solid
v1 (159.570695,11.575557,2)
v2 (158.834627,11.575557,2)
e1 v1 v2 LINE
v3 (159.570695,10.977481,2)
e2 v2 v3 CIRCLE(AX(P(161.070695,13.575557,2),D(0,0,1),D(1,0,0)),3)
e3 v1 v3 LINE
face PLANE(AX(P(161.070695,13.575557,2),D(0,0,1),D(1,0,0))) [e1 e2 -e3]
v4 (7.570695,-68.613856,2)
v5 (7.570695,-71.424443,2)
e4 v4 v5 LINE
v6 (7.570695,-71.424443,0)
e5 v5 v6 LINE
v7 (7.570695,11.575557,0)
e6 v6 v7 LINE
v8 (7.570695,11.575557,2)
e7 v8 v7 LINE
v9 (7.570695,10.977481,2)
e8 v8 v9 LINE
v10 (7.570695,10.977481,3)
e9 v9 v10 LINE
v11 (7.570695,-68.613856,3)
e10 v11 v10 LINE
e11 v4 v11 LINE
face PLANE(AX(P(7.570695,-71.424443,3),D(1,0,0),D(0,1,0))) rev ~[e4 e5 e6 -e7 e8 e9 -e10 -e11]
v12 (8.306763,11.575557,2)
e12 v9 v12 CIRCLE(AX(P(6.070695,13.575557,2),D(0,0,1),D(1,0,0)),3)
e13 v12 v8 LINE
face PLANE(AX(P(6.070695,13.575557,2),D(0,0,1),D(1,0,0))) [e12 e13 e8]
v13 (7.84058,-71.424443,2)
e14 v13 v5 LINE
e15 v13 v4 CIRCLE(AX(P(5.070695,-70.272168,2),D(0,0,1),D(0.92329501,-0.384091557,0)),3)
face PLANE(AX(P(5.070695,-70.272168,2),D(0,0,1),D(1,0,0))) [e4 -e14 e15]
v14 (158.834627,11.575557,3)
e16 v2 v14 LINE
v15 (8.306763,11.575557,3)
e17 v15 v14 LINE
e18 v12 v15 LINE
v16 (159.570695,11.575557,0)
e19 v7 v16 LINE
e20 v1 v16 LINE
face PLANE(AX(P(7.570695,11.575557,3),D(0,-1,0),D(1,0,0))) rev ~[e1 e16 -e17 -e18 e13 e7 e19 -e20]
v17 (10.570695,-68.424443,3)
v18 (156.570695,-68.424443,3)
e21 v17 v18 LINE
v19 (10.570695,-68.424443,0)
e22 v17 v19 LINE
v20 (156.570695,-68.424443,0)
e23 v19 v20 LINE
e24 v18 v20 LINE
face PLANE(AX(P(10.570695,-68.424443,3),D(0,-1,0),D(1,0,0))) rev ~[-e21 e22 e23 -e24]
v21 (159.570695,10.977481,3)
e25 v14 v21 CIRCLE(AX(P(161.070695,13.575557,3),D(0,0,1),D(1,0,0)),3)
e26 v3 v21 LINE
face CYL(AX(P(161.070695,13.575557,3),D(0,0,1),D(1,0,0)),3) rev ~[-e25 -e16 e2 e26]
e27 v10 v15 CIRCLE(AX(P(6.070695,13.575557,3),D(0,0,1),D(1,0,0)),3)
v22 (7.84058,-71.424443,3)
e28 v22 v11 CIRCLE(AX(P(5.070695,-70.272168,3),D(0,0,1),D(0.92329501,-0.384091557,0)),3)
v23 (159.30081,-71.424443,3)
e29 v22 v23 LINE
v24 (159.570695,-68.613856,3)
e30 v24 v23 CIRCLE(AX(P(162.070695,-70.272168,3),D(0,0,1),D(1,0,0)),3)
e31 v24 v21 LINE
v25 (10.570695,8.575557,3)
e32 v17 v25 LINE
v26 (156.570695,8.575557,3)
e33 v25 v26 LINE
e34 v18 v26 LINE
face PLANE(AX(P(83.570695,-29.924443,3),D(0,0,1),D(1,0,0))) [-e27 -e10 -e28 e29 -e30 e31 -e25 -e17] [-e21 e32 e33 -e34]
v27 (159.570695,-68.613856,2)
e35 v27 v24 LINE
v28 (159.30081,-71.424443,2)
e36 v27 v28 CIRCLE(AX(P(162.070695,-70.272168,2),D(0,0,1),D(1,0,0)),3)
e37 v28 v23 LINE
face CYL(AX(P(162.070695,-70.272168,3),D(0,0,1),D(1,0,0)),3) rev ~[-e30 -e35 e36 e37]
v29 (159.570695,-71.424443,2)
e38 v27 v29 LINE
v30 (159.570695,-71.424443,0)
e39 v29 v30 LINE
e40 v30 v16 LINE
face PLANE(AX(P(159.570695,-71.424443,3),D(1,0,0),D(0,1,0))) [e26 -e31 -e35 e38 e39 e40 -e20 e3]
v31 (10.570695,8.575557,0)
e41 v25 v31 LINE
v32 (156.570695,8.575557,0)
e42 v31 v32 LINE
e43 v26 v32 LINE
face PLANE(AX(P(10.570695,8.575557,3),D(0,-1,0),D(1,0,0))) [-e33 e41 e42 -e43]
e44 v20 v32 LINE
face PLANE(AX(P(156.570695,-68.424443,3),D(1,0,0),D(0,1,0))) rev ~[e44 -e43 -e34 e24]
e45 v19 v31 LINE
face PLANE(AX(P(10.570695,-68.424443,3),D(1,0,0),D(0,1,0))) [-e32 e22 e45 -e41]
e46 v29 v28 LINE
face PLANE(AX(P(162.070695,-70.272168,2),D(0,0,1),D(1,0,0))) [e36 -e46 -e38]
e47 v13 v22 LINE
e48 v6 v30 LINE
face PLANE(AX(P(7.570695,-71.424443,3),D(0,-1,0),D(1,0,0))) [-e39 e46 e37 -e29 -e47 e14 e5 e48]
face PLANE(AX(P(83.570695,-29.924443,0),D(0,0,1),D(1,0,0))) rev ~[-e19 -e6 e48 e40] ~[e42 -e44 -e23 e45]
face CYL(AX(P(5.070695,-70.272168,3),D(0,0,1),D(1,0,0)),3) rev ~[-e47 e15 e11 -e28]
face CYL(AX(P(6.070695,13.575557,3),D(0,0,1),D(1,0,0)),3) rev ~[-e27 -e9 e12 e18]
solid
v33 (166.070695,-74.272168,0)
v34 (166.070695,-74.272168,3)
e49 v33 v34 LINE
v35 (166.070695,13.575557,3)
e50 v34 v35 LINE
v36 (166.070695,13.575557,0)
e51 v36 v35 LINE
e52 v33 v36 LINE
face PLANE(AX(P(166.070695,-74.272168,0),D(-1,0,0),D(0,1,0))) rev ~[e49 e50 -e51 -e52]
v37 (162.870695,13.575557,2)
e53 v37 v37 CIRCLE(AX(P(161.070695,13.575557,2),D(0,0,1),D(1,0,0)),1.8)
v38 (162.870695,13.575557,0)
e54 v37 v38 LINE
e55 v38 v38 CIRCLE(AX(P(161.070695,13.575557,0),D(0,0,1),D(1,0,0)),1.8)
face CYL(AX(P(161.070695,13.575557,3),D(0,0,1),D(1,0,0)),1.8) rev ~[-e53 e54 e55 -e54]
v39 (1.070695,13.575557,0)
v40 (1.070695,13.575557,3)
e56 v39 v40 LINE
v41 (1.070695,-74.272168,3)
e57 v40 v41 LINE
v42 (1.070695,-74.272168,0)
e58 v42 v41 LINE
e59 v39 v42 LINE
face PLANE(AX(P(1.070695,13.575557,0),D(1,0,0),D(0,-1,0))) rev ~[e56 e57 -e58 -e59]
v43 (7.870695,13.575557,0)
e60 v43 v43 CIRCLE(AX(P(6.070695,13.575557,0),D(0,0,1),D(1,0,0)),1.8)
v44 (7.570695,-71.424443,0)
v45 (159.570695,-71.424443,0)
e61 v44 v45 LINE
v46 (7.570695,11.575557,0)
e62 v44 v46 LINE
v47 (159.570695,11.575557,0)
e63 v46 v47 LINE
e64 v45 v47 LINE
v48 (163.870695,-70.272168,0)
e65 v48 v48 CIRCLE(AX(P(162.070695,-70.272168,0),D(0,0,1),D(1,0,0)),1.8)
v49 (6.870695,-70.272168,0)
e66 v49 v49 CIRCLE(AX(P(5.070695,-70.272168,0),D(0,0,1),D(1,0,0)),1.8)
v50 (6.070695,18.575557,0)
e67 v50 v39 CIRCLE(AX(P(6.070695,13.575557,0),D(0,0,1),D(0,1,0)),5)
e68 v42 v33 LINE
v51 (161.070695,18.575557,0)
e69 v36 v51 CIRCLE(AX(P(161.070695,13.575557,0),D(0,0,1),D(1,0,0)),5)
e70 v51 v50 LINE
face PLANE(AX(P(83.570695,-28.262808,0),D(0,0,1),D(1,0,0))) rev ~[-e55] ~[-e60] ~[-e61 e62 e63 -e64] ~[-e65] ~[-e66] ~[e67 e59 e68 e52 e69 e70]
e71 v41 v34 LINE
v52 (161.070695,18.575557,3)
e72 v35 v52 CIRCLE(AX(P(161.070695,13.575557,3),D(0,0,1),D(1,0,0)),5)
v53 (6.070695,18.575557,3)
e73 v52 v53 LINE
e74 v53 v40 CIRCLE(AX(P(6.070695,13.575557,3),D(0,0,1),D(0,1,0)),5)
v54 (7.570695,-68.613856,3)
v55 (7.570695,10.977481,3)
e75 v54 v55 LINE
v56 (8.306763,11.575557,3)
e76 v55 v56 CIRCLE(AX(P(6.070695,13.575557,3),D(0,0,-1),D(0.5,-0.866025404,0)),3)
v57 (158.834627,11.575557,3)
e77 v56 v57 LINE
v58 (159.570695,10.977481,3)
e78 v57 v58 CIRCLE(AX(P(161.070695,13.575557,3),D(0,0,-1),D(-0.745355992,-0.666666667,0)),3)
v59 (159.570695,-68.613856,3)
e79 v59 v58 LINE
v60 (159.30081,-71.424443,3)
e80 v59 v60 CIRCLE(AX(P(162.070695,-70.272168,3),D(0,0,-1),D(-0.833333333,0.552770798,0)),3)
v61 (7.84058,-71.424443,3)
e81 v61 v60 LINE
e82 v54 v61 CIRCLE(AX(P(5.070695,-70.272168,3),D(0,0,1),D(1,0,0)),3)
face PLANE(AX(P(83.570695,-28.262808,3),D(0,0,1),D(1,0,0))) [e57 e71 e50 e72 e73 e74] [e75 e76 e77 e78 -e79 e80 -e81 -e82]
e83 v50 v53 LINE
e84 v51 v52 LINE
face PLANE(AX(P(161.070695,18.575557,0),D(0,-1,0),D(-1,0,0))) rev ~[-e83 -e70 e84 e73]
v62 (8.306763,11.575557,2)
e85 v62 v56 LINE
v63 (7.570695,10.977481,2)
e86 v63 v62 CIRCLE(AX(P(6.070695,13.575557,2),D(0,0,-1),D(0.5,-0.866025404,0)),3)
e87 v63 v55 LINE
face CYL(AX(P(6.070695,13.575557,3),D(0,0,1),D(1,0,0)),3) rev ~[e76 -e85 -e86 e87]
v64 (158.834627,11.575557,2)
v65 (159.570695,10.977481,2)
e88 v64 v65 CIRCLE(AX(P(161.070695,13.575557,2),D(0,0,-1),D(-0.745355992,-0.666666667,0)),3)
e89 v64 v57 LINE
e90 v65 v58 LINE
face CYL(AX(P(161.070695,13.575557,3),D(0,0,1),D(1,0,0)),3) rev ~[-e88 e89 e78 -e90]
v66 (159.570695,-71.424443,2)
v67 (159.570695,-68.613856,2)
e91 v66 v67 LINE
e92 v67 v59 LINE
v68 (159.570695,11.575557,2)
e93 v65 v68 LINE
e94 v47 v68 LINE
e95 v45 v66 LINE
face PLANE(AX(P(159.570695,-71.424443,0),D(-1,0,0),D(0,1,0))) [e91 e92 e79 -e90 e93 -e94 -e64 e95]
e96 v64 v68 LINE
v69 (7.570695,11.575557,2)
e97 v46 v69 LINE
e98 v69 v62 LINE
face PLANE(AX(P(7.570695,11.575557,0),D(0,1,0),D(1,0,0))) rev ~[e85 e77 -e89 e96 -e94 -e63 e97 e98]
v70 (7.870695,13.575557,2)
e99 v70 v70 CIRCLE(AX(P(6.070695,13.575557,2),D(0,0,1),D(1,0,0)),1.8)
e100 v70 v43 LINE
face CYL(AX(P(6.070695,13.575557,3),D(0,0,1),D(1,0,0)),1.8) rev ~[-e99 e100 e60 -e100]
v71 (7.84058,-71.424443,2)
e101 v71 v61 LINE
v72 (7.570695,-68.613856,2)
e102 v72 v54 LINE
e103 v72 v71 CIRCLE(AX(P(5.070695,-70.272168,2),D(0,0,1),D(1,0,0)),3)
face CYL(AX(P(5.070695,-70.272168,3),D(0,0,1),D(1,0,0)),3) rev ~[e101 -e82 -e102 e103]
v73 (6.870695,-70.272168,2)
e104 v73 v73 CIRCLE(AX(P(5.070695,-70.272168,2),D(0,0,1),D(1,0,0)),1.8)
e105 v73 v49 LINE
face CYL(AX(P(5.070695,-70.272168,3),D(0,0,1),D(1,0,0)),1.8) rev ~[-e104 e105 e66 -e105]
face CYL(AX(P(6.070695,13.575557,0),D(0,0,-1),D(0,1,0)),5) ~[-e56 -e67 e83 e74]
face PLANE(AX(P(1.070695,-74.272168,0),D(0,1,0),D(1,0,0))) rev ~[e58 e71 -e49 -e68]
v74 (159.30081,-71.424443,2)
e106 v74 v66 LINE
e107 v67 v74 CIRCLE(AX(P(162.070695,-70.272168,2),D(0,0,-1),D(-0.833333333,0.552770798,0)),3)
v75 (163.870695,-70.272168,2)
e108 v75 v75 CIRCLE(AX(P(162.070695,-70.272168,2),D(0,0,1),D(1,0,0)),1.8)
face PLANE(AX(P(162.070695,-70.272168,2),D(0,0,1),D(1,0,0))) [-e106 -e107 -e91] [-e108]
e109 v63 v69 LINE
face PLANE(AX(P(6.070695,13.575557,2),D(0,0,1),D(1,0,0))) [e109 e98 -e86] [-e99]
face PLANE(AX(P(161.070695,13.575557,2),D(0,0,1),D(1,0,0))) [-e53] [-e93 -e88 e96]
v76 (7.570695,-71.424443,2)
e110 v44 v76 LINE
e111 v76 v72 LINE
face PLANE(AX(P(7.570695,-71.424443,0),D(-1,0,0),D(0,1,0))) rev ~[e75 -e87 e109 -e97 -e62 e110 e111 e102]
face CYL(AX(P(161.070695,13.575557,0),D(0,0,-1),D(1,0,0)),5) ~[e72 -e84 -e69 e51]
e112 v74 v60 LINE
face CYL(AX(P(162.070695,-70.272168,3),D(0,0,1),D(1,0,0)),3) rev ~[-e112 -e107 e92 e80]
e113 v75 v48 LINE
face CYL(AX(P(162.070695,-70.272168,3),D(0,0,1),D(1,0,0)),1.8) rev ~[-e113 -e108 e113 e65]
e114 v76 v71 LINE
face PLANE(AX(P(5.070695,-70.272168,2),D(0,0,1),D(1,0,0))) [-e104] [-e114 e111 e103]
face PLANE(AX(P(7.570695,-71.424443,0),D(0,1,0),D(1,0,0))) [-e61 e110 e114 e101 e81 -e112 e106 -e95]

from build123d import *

# Parameters (mm, degrees)
SKETCH_2_W          = 152
SKETCH_2_H          = 83
EXTRUDE_1_DEPTH     = 3
SKETCH_3_W          = 152
SKETCH_3_H          = 83
SKETCH_3_W_2        = 146
SKETCH_3_H_2        = 77
EXTRUDE_2_DEPTH     = 3
SKETCH_4_R          = 1.8
CUT_EXTRUDE_1_DEPTH = 3
SKETCH_5_R          = 3
CUT_EXTRUDE_2_DEPTH = 1


with BuildPart() as part:
    # 草图2 → 凸台-拉伸1 (new body)
    with BuildSketch(Plane.XY):
        with BuildLine():
            Line((1.07069486, 13.575557044), (1.07069486, -65.621700899))
            Line((1.07069486, -65.621700899), (1.07069486, -74.272168286))
            Line((1.07069486, -74.272168286), (166.07069486, -74.272168286))
            Line((166.07069486, -74.272168286), (166.07069486, -65.621700899))
            Line((166.07069486, -65.621700899), (166.07069486, 13.575557044))
            ThreePointArc((166.07069486, 13.575557044), (164.606228766, 17.11109095), (161.07069486, 18.575557044))
            Line((161.07069486, 18.575557044), (6.07069486, 18.575557044))
            ThreePointArc((6.07069486, 18.575557044), (2.535160954, 17.11109095), (1.07069486, 13.575557044))
        make_face()
        with Locations((83.57069486, -29.924442956)):
            Rectangle(SKETCH_2_W, SKETCH_2_H, mode=Mode.SUBTRACT)
    extrude(amount=EXTRUDE_1_DEPTH)

    # 草图4 → 切除-拉伸1 (cut)
    with BuildSketch(Plane.XY.offset(3)):
        with Locations((6.07069486, 13.575557044)):
            Circle(SKETCH_4_R)
        with Locations((161.07069486, 13.575557044)):
            Circle(SKETCH_4_R)
        with Locations((5.07069486, -70.272168286)):
            Circle(SKETCH_4_R)
        with Locations((162.07069486, -70.272168286)):
            Circle(SKETCH_4_R)
    extrude(amount=-CUT_EXTRUDE_1_DEPTH, mode=Mode.SUBTRACT)


with BuildPart() as body_2:
    # 草图3 → 凸台-拉伸2 (new body)
    with BuildSketch(Plane.XY.offset(3)):
        with Locations((83.57069486, -29.924442956)):
            Rectangle(SKETCH_3_W, SKETCH_3_H)
        with Locations((83.57069486, -29.924442956)):
            Rectangle(SKETCH_3_W_2, SKETCH_3_H_2, mode=Mode.SUBTRACT)
    extrude(amount=-EXTRUDE_2_DEPTH)


with BuildPart() as cut_extrude_2_tool:
    # 草图5 → 切除-拉伸2 (new body)
    with BuildSketch(Plane.XY.offset(3)):
        with Locations((6.07069486, 13.575557044)):
            Circle(SKETCH_5_R)
        with Locations((161.07069486, 13.575557044)):
            Circle(SKETCH_5_R)
        with Locations((5.07069486, -70.272168286)):
            Circle(SKETCH_5_R)
        with Locations((162.07069486, -70.272168286)):
            Circle(SKETCH_5_R)
    extrude(amount=-CUT_EXTRUDE_2_DEPTH)


with BuildPart() as part_1:
    add(part.part)

    # 切除-拉伸2: cut by cut_extrude_2_tool
    add(cut_extrude_2_tool.part, mode=Mode.SUBTRACT)


with BuildPart() as body_2_1:
    add(body_2.part)

    # 切除-拉伸2: cut by cut_extrude_2_tool
    add(cut_extrude_2_tool.part, mode=Mode.SUBTRACT)


solid = Compound([part_1.part, body_2_1.part])
